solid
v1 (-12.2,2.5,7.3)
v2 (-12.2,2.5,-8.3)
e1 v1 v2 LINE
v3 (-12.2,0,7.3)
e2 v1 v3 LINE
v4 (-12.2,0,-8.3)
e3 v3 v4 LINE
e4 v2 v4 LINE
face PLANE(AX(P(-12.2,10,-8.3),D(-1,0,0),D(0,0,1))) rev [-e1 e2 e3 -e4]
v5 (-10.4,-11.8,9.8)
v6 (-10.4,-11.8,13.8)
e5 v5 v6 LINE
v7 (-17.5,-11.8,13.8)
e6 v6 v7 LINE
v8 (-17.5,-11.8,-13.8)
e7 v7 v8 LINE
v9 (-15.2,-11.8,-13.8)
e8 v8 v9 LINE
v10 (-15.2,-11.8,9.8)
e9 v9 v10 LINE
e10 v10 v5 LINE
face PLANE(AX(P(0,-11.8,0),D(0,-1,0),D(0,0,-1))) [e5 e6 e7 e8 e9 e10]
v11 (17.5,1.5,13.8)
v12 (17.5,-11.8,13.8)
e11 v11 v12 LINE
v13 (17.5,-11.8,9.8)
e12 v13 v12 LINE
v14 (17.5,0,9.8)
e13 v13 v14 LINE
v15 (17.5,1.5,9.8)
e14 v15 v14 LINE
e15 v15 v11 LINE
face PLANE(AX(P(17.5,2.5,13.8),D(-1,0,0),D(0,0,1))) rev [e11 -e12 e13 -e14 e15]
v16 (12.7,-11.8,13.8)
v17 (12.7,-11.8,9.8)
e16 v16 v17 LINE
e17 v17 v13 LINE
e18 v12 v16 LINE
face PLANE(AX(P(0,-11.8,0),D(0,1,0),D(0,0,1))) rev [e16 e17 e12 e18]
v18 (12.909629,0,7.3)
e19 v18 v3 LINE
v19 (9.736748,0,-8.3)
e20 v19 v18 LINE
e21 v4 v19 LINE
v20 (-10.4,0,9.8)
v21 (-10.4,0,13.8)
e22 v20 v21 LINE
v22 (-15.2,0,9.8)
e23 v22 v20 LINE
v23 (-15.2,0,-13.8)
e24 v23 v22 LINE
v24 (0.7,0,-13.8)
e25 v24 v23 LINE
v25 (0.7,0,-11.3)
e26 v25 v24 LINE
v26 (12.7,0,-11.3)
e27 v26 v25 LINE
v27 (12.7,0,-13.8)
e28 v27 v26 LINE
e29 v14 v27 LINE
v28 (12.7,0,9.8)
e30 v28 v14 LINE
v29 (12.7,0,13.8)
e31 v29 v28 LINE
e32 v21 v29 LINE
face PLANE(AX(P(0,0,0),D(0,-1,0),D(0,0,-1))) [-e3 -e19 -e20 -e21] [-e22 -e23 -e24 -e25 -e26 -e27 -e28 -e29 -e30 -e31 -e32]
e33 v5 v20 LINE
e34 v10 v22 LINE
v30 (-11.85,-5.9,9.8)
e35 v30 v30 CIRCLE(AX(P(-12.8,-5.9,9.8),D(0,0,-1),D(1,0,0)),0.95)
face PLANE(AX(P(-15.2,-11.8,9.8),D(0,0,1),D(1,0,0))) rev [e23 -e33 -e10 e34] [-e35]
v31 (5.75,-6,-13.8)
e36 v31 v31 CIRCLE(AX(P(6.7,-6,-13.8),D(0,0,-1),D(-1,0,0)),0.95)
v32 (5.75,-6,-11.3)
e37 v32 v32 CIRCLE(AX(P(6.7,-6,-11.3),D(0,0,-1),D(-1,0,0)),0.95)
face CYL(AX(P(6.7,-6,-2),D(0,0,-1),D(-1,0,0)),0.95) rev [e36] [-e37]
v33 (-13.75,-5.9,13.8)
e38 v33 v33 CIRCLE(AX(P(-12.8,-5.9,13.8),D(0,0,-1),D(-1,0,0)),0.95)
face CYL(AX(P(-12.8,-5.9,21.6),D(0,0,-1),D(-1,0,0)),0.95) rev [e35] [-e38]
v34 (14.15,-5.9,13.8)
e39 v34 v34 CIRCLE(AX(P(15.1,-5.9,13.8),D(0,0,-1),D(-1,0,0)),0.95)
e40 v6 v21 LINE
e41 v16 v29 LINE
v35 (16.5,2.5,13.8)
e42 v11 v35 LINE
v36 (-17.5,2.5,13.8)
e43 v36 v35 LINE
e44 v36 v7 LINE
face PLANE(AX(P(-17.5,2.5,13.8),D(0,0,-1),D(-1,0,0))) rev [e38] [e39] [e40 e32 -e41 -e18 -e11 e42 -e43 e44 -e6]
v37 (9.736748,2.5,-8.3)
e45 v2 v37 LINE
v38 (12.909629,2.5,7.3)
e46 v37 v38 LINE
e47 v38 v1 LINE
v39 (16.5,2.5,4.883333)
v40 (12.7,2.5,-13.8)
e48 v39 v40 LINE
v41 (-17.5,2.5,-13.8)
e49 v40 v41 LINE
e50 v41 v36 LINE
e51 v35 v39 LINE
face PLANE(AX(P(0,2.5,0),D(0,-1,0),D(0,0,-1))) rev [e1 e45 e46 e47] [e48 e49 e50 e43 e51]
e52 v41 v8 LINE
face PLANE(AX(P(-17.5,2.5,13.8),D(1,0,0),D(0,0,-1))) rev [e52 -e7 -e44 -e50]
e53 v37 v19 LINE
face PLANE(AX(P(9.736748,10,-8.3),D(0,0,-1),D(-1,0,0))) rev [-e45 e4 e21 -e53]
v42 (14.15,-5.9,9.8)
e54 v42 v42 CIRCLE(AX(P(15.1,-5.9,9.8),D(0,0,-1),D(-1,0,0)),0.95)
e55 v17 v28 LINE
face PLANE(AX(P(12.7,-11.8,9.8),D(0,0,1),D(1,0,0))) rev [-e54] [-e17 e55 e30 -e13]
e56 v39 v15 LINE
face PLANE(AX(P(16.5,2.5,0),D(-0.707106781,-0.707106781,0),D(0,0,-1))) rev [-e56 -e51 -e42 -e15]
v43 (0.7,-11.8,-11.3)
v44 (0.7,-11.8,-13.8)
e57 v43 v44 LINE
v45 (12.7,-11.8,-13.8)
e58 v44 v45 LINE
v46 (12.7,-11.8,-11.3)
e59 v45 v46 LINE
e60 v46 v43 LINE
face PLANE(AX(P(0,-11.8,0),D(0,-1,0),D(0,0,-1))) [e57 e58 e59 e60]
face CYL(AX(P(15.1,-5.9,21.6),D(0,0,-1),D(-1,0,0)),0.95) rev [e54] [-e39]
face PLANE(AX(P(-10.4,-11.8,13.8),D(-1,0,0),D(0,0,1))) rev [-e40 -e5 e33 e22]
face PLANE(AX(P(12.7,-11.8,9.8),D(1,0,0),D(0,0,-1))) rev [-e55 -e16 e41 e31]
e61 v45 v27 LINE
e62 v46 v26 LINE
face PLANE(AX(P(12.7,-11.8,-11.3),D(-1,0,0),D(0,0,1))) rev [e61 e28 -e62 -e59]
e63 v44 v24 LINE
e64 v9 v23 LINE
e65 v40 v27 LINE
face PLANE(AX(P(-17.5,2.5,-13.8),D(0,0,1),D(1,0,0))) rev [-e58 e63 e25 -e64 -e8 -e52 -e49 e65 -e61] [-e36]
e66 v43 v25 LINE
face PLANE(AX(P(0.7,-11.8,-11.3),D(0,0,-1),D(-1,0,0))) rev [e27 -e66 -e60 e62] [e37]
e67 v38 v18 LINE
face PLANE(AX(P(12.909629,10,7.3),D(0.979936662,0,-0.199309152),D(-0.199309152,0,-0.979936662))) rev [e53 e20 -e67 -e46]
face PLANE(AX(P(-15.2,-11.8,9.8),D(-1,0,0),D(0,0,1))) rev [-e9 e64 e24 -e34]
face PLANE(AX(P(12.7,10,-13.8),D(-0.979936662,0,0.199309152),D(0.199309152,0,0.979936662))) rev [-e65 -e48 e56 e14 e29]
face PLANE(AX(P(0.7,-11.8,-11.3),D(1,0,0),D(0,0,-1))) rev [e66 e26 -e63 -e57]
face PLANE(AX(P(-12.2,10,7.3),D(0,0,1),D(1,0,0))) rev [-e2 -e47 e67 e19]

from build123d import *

# Parameters (mm, degrees)
SKETCH2_W           = 35
SKETCH2_H           = 27.6
BOSS_EXTRUDE1_DEPTH = 2.5
SKETCH3_W           = 12
SKETCH3_H           = 2.5
SKETCH3_W_2         = 4.8
SKETCH3_H_2         = 4
BOSS_EXTRUDE2_DEPTH = 11.8
SKETCH5_R           = 0.95
CUT_EXTRUDE2_DEPTH  = 11.8
SKETCH6_R           = 0.95
CUT_EXTRUDE3_DEPTH  = 11.8
CUT_EXTRUDE6_DEPTH  = 10
CHAMFER1_SIZE       = 1


with BuildPart() as part:
    # Sketch2 → Boss-Extrude1 (new body)
    with BuildSketch(Plane(origin=(0, 0, 0), x_dir=(1, 0, 0), z_dir=(0, 1, 0))):
        Rectangle(SKETCH2_W, SKETCH2_H)
    extrude(amount=BOSS_EXTRUDE1_DEPTH)

    # Sketch3 → Boss-Extrude2 (add)
    with BuildSketch(Plane.XZ):
        with Locations((6.7, -12.55)):
            Rectangle(SKETCH3_W, SKETCH3_H)
        with Locations((15.1, 11.8)):
            Rectangle(SKETCH3_W_2, SKETCH3_H_2)
        Polygon((-17.5, 13.8), (-15.2, 13.8), (-10.4, 13.8), (-10.4, 9.8), (-15.2, 9.8), (-15.2, -13.8), (-17.5, -13.8), align=None)
    extrude(amount=BOSS_EXTRUDE2_DEPTH)

    # Sketch5 → Cut-Extrude2 (cut)
    with BuildSketch(Plane(origin=(0, 0, -13.8), x_dir=(-1, 0, 0), z_dir=(0, 0, -1))):
        with Locations((-6.7, -6)):
            Circle(SKETCH5_R)
    extrude(amount=-CUT_EXTRUDE2_DEPTH, mode=Mode.SUBTRACT)

    # Sketch6 → Cut-Extrude3 (cut)
    with BuildSketch(Plane(origin=(0, 0, 9.8), x_dir=(-1, 0, 0), z_dir=(0, 0, -1))):
        with Locations((-15.1, -5.9)):
            Circle(SKETCH6_R)
        with Locations((12.8, -5.9)):
            Circle(SKETCH6_R)
    extrude(amount=-CUT_EXTRUDE3_DEPTH, mode=Mode.SUBTRACT)

    # Sketch11 → Cut-Extrude6 (cut)
    with BuildSketch(Plane(origin=(0, 0, 0), x_dir=(-1, 0, 0), z_dir=(0, -1, 0))):
        Polygon((-12.7, 13.8), (-17.5, -9.8), (-17.5, 13.8), align=None)
        Polygon((-12.909628956, -7.3), (-9.7367476, 8.3), (12.2, 8.3), (12.2, -7.3), align=None)
    extrude(amount=-CUT_EXTRUDE6_DEPTH, mode=Mode.SUBTRACT)

    # Chamfer1
    chamfer1_edges = [part.edges().sort_by_distance(p)[0] for p in [
        (17.5, 2.5, 11.8),
    ]]
    chamfer(chamfer1_edges, length=CHAMFER1_SIZE)


solid = part.part
